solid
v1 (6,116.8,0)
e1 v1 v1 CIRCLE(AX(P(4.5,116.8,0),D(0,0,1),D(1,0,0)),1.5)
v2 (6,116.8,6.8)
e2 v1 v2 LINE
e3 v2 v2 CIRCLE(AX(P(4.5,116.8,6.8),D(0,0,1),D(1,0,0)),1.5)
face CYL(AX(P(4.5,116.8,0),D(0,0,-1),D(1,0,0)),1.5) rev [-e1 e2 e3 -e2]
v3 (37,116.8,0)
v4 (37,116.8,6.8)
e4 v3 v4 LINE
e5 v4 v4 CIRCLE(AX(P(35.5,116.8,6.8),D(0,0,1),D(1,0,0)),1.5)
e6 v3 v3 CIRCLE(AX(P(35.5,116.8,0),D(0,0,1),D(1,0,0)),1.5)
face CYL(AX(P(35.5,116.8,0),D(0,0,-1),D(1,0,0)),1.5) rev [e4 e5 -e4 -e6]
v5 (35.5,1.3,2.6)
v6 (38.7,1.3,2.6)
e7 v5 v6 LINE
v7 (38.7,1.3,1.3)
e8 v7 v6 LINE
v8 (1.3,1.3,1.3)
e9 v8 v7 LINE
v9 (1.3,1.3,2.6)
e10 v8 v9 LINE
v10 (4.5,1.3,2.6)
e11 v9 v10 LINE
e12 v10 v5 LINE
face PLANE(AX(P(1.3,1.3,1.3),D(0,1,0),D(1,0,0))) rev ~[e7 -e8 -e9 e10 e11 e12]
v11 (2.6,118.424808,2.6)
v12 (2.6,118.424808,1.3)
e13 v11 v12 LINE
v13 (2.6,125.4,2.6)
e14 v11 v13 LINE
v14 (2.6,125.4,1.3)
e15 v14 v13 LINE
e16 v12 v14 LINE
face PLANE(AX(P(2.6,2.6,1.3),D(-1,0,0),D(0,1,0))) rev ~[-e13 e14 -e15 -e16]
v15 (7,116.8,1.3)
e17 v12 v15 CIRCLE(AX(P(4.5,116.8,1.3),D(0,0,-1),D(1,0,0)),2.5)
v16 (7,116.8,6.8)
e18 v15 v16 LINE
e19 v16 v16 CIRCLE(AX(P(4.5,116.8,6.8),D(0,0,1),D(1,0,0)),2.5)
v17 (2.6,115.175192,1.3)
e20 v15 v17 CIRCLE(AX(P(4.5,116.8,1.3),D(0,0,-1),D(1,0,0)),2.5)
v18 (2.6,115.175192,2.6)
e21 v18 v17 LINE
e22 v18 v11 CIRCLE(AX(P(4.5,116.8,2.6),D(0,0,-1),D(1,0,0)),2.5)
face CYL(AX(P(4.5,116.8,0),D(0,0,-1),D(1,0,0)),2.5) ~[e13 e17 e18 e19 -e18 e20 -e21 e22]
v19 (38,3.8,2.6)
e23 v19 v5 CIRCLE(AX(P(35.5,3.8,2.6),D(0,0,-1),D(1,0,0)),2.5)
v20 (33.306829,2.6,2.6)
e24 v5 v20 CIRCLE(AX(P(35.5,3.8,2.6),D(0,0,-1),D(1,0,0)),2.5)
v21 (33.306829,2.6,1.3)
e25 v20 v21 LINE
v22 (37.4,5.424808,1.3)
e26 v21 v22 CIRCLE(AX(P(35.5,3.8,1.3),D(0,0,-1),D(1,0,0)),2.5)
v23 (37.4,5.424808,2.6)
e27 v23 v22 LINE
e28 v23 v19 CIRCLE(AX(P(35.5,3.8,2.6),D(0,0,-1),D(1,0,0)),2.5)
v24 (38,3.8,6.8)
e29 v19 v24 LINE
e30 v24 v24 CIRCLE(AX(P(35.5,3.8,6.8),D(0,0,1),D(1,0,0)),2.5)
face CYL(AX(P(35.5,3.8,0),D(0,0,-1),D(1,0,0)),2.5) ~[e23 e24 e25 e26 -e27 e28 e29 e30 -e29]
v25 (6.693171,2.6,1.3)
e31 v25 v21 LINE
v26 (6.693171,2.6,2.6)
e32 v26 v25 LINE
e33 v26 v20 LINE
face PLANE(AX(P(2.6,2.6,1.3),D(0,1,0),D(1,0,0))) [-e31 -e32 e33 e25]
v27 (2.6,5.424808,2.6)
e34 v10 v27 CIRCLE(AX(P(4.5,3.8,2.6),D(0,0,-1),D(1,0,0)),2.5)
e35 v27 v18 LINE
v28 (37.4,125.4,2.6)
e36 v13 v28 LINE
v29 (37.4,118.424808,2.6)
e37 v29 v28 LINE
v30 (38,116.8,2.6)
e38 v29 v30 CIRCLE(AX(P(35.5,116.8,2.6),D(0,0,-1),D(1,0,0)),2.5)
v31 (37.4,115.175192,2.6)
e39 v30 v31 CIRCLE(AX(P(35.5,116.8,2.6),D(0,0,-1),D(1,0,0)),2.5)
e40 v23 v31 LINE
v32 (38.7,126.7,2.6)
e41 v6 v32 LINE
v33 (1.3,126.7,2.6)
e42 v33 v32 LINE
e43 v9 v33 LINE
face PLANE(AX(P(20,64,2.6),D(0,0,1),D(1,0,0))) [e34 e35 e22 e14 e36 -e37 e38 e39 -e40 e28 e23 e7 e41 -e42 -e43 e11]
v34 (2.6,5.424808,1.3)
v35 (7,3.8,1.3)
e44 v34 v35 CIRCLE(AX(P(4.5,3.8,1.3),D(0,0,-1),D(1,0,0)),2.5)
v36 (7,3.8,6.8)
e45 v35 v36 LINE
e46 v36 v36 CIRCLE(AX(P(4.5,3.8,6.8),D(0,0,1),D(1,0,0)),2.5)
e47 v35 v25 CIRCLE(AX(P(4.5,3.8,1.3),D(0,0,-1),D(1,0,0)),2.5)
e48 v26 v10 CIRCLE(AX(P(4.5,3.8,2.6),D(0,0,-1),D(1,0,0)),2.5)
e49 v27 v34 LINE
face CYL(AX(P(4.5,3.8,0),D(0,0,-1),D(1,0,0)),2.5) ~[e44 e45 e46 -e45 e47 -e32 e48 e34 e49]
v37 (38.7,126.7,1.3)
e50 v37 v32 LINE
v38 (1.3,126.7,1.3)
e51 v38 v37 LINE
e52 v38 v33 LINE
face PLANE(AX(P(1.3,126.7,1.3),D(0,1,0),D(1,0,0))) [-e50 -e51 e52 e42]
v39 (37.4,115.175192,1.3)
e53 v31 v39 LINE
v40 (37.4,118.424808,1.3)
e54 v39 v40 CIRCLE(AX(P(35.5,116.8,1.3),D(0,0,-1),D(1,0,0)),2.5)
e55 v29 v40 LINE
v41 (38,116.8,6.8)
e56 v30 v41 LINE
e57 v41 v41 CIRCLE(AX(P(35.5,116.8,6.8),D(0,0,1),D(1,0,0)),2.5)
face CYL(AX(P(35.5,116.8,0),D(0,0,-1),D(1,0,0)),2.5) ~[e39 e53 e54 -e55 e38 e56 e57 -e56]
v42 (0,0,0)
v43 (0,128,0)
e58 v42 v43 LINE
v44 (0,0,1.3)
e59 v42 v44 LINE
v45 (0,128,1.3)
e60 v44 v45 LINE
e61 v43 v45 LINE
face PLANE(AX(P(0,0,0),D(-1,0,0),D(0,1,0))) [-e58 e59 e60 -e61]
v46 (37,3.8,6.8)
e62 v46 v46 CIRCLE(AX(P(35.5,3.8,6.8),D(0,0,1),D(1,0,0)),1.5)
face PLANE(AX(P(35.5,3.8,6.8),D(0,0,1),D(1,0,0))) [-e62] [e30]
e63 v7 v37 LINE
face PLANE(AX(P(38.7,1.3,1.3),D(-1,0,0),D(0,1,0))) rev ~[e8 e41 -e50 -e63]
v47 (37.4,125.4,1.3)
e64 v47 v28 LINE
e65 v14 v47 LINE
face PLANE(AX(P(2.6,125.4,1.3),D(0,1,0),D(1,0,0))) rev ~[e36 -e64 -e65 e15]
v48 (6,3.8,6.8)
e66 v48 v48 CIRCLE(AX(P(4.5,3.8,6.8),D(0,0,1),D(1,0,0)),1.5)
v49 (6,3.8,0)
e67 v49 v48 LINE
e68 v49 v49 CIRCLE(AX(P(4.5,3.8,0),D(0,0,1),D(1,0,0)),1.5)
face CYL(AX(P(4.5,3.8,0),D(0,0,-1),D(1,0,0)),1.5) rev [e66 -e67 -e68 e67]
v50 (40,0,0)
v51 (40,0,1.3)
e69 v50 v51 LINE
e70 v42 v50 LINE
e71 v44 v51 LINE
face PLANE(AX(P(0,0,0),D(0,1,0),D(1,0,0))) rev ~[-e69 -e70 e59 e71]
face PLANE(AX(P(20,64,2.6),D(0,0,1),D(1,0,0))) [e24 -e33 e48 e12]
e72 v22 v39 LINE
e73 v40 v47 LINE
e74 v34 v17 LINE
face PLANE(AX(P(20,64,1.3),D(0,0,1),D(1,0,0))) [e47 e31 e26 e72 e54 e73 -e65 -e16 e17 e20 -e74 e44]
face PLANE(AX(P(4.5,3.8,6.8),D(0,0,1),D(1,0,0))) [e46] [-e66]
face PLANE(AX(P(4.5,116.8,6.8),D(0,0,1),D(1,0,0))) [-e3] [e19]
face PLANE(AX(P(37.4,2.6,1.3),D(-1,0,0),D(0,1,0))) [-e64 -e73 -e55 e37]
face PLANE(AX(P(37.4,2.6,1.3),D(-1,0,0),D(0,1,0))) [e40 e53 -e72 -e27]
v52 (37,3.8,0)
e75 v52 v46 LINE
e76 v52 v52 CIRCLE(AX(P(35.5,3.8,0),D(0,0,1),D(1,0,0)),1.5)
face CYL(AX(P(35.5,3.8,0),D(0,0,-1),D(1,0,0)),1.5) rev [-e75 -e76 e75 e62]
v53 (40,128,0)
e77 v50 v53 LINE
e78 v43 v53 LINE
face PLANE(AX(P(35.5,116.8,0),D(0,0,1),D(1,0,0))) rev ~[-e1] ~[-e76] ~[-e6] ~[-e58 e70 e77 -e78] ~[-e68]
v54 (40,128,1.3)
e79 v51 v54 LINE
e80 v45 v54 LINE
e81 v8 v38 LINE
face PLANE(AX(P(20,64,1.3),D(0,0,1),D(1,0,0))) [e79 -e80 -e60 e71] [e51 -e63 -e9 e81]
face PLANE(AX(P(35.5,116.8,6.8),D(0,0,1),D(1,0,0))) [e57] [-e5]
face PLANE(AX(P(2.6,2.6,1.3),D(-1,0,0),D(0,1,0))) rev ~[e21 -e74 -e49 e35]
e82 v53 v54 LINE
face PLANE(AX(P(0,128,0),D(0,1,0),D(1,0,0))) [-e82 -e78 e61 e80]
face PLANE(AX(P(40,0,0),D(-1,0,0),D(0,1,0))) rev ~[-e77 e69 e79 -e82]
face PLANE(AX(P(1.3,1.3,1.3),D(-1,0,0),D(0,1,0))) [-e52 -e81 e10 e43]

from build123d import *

# Parameters (mm, degrees)
CYLINDER001_R     = 1.5
CYLINDER001_DEPTH = 6.8
CYLINDER_R        = 2.5
CYLINDER_DEPTH    = 6.8
BOX002_W          = 34.8
BOX002_H          = 122.8
BOX002_DEPTH      = 1.3
BOX001_W          = 37.4
BOX001_H          = 125.4
BOX001_DEPTH      = 1.3
BOX_W             = 40
BOX_H             = 128
BOX_DEPTH         = 1.3


with BuildPart() as cylinder001:
    # Cylinder001 → Cylinder001 (new body)
    with BuildSketch(Plane(origin=(4.5, 3.8, 0), x_dir=(1, 0, 0), z_dir=(0, 0, 1))):
        Circle(CYLINDER001_R)
    extrude(amount=CYLINDER001_DEPTH)


with BuildPart() as clone003:
    # Clone003 base: copy of Cylinder001
    add(cylinder001.part)


with BuildPart() as clone003_1:
    # Clone003 placement: moved
    add(clone003.part.moved(Location((31, 0, 0))))


with BuildPart() as clone004:
    # Clone004 base: copy of Cylinder001
    add(cylinder001.part)


with BuildPart() as clone004_1:
    # Clone004 placement: moved
    add(clone004.part.moved(Location((0, 113, 0))))


with BuildPart() as board_post_drills:
    # Clone005 base: copy of Cylinder001
    add(cylinder001.part)


with BuildPart() as board_post_drills_1:
    # Clone005 placement: moved
    add(board_post_drills.part.moved(Location((31, 113, 0))))

    # Fusion001: union Cylinder001, Clone003, Clone004
    add(cylinder001.part)
    add(clone003_1.part)
    add(clone004_1.part)


with BuildPart() as cylinder:
    # Cylinder → Cylinder (new body)
    with BuildSketch(Plane(origin=(4.5, 3.8, 0), x_dir=(1, 0, 0), z_dir=(0, 0, 1))):
        Circle(CYLINDER_R)
    extrude(amount=CYLINDER_DEPTH)


with BuildPart() as clone001:
    # Clone001 base: copy of Cylinder
    add(cylinder.part)


with BuildPart() as clone001_1:
    # Clone001 placement: moved
    add(clone001.part.moved(Location((0, 113, 0))))


with BuildPart() as clone:
    # Clone base: copy of Cylinder
    add(cylinder.part)


with BuildPart() as clone_1:
    # Clone placement: moved
    add(clone.part.moved(Location((31, 0, 0))))


with BuildPart() as clone002:
    # Clone002 base: copy of Cylinder
    add(cylinder.part)


with BuildPart() as clone002_1:
    # Clone002 placement: moved
    add(clone002.part.moved(Location((31, 113, 0))))


with BuildPart() as board_posts:
    # Fusion base: copy of Cylinder
    add(cylinder.part)

    # Fusion: union Clone001, Clone, Clone002
    add(clone001_1.part)
    add(clone_1.part)
    add(clone002_1.part)


with BuildPart() as wall_cutout:
    # Box002 → Box002 (new body)
    with BuildSketch(Plane(origin=(2.6, 2.6, 1.3), x_dir=(1, 0, 0), z_dir=(0, 0, 1))):
        with Locations((17.4, 61.4)):
            Rectangle(BOX002_W, BOX002_H)
    extrude(amount=BOX002_DEPTH)


with BuildPart() as wall:
    # Box001 → Box001 (new body)
    with BuildSketch(Plane(origin=(1.3, 1.3, 1.3), x_dir=(1, 0, 0), z_dir=(0, 0, 1))):
        with Locations((18.7, 62.7)):
            Rectangle(BOX001_W, BOX001_H)
    extrude(amount=BOX001_DEPTH)

    # Cut: cut Wall cutout
    add(wall_cutout.part, mode=Mode.SUBTRACT)


with BuildPart() as back_plate_plus_wall_and_posts_drilled:
    # Box → Box (new body)
    with BuildSketch(Plane.XY):
        with Locations((20, 64)):
            Rectangle(BOX_W, BOX_H)
    extrude(amount=BOX_DEPTH)

    # Fusion002: union Board posts, Wall
    add(board_posts.part)
    add(wall.part)

    # Cut001: cut Board post drills
    add(board_post_drills_1.part, mode=Mode.SUBTRACT)


solid = back_plate_plus_wall_and_posts_drilled.part
